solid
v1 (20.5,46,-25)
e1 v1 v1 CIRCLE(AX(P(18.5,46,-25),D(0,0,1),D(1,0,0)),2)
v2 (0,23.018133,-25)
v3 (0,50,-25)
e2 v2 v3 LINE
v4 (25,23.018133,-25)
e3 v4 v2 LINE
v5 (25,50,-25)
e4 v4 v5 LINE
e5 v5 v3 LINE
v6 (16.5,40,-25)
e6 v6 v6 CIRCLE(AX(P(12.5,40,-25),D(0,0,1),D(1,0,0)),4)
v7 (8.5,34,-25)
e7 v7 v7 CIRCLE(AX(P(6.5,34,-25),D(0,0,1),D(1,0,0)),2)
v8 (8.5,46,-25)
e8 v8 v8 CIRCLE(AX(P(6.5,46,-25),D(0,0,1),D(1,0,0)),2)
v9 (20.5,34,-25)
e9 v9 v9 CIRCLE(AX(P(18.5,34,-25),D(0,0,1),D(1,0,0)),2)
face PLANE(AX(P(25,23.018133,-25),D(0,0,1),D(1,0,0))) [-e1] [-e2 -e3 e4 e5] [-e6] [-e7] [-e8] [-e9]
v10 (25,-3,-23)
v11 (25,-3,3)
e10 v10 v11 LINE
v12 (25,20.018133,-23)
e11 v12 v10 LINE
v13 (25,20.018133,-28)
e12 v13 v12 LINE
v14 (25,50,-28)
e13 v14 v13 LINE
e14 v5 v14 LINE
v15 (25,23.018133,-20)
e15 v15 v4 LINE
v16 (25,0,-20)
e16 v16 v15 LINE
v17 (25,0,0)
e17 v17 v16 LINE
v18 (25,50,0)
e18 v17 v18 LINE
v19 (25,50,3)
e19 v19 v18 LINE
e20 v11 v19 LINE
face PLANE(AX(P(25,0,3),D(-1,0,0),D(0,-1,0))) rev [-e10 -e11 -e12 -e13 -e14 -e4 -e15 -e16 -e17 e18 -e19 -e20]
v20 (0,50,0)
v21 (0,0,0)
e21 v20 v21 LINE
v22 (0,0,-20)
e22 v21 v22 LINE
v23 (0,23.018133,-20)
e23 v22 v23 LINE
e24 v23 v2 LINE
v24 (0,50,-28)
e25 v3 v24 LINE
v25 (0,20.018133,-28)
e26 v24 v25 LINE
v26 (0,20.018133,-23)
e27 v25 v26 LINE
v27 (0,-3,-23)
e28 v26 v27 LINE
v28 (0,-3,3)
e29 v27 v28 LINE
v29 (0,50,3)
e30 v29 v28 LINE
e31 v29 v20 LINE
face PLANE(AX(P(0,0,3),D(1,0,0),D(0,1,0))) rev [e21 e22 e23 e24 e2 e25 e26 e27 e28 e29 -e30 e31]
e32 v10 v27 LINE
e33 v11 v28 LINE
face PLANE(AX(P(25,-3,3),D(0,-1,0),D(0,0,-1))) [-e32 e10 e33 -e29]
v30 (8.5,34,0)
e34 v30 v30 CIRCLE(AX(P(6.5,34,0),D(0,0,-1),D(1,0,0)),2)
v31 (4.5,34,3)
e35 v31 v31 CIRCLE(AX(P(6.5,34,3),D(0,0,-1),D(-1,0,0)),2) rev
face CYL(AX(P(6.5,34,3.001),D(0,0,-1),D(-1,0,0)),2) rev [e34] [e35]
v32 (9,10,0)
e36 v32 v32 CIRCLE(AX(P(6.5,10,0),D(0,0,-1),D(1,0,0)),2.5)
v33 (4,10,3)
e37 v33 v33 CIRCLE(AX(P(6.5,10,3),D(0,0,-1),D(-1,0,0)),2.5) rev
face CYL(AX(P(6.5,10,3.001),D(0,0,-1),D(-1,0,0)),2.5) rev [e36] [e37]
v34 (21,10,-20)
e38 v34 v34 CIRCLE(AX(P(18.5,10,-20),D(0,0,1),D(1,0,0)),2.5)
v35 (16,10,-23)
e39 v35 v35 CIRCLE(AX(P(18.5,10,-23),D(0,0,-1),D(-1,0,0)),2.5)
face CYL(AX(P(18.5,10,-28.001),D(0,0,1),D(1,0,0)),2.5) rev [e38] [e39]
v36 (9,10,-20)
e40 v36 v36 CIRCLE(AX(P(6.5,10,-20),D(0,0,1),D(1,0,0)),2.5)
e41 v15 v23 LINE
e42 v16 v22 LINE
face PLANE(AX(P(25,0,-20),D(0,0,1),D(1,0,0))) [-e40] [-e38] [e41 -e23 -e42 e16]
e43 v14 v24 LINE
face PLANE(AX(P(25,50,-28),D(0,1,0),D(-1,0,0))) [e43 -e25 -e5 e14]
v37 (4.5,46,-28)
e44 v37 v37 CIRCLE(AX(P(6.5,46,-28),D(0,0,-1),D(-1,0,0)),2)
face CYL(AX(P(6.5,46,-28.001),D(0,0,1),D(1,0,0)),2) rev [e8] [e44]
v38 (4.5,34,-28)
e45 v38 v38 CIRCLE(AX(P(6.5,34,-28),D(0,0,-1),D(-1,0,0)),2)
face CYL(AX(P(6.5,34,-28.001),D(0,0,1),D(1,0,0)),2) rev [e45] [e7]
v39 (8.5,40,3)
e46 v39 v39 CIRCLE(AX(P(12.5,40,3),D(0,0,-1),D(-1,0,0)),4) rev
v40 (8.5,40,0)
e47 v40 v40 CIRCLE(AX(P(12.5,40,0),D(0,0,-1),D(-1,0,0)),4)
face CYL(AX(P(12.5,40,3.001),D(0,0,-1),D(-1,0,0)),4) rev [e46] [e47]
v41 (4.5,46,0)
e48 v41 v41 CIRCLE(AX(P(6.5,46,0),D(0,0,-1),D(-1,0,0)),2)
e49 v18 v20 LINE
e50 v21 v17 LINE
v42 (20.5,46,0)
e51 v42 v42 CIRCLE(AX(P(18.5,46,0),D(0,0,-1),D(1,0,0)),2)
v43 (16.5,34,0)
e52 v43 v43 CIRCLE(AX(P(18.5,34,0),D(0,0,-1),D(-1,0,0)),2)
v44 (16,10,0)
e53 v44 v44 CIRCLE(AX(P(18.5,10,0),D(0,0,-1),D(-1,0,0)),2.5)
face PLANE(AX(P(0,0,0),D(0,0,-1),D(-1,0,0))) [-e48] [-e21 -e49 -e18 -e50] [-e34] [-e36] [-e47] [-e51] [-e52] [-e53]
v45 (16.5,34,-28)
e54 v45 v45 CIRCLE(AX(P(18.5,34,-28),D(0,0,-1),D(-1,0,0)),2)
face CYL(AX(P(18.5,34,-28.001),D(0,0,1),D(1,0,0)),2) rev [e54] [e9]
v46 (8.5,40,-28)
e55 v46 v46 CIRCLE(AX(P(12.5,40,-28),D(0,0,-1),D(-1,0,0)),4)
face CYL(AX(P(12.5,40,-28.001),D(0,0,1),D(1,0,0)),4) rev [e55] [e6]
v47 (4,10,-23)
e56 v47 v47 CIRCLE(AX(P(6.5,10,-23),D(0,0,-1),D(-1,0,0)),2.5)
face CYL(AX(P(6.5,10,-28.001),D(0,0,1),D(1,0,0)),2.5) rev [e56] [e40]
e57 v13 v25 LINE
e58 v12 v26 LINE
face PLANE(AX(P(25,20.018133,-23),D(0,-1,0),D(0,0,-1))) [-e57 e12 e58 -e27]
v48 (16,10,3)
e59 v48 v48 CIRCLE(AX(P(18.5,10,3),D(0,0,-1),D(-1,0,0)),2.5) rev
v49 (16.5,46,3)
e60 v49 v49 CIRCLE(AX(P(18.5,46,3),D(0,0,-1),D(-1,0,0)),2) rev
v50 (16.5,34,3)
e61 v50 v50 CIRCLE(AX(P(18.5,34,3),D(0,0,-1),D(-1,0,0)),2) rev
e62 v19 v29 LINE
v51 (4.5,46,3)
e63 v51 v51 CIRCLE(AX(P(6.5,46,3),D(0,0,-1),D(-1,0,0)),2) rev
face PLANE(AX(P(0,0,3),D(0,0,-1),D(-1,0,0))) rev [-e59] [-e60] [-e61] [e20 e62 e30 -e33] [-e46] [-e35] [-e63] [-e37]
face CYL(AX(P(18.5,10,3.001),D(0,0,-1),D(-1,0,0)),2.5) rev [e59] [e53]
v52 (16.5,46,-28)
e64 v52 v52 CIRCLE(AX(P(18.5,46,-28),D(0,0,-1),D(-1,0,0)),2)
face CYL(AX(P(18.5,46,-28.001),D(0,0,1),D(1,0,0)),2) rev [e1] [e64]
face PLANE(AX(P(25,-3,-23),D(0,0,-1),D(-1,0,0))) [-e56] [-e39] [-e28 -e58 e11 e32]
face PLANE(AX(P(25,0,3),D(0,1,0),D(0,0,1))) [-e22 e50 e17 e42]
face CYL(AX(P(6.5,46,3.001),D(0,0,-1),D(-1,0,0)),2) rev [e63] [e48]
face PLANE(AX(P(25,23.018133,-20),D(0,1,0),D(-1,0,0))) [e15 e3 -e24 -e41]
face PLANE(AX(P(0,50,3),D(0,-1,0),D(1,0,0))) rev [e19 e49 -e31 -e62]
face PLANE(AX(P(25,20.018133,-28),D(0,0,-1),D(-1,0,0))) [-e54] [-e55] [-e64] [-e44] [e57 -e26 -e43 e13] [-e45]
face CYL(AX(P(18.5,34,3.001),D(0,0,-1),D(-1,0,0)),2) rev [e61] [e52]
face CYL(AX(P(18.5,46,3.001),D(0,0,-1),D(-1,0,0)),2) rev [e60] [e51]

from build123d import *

# Parameters (mm, degrees)
SKETCH_1_W                      = 25
SKETCH_1_H                      = 50
EXTRUDE_1_DEPTH                 = 3
EXTRUDE_2_DEPTH                 = 25
CUT_EXTRUDE_1_REACH             = 5
SKETCH_2_R                      = 2.5
SKETCH_2_R_2                    = 4
SKETCH_2_R_3                    = 2
CUT_EXTRUDE_1_DIRECTION_2_REACH = 30


with BuildPart() as part:
    # 草图1 → 凸台-拉伸1 (new body)
    with BuildSketch(Plane.XY):
        with Locations((12.5, 25)):
            Rectangle(SKETCH_1_W, SKETCH_1_H)
    extrude(amount=EXTRUDE_1_DEPTH)

    # 草图4 → 凸台-拉伸2 (add)
    with BuildSketch(Plane.ZY):
        Polygon((-23, -3), (-23, 20.018133071), (-28, 20.018133071), (-28, 50), (-25, 50), (-25, 23.018133071), (-20, 23.018133071), (-20, 0), (3, 0), (3, -3), align=None)
    extrude(amount=-EXTRUDE_2_DEPTH)

    # 草图2 → 切除-拉伸1 (cut, up to next)
    with BuildSketch(Plane(origin=(0, 0, 0), x_dir=(-1, 0, 0), z_dir=(0, 0, -1)), mode=Mode.PRIVATE) as cut_extrude_1_sk1:
        with Locations((-18.5, 10)):
            Circle(SKETCH_2_R)
    cut_extrude_1_tool1 = extrude(cut_extrude_1_sk1.sketch, amount=-CUT_EXTRUDE_1_REACH, mode=Mode.PRIVATE) & part.part
    add(cut_extrude_1_tool1.solids().sort_by_distance((18.5, 10, 0))[0], mode=Mode.SUBTRACT)
    # 草图2 → 切除-拉伸1 (cut, up to next)
    with BuildSketch(Plane(origin=(0, 0, 0), x_dir=(-1, 0, 0), z_dir=(0, 0, -1)), mode=Mode.PRIVATE) as cut_extrude_1_sk2:
        with Locations((-6.5, 10)):
            Circle(SKETCH_2_R)
    cut_extrude_1_tool2 = extrude(cut_extrude_1_sk2.sketch, amount=-CUT_EXTRUDE_1_REACH, mode=Mode.PRIVATE) & part.part
    add(cut_extrude_1_tool2.solids().sort_by_distance((6.5, 10, 0))[0], mode=Mode.SUBTRACT)
    # 草图2 → 切除-拉伸1 (cut, up to next)
    with BuildSketch(Plane(origin=(0, 0, 0), x_dir=(-1, 0, 0), z_dir=(0, 0, -1)), mode=Mode.PRIVATE) as cut_extrude_1_sk3:
        with Locations((-12.5, 40)):
            Circle(SKETCH_2_R_2)
    cut_extrude_1_tool3 = extrude(cut_extrude_1_sk3.sketch, amount=-CUT_EXTRUDE_1_REACH, mode=Mode.PRIVATE) & part.part
    add(cut_extrude_1_tool3.solids().sort_by_distance((12.5, 40, 0))[0], mode=Mode.SUBTRACT)
    # 草图2 → 切除-拉伸1 (cut, up to next)
    with BuildSketch(Plane(origin=(0, 0, 0), x_dir=(-1, 0, 0), z_dir=(0, 0, -1)), mode=Mode.PRIVATE) as cut_extrude_1_sk4:
        with Locations((-6.5, 46)):
            Circle(SKETCH_2_R_3)
    cut_extrude_1_tool4 = extrude(cut_extrude_1_sk4.sketch, amount=-CUT_EXTRUDE_1_REACH, mode=Mode.PRIVATE) & part.part
    add(cut_extrude_1_tool4.solids().sort_by_distance((6.5, 46, 0))[0], mode=Mode.SUBTRACT)
    # 草图2 → 切除-拉伸1 (cut, up to next)
    with BuildSketch(Plane(origin=(0, 0, 0), x_dir=(-1, 0, 0), z_dir=(0, 0, -1)), mode=Mode.PRIVATE) as cut_extrude_1_sk5:
        with Locations((-6.5, 34)):
            Circle(SKETCH_2_R_3)
    cut_extrude_1_tool5 = extrude(cut_extrude_1_sk5.sketch, amount=-CUT_EXTRUDE_1_REACH, mode=Mode.PRIVATE) & part.part
    add(cut_extrude_1_tool5.solids().sort_by_distance((6.5, 34, 0))[0], mode=Mode.SUBTRACT)
    # 草图2 → 切除-拉伸1 (cut, up to next)
    with BuildSketch(Plane(origin=(0, 0, 0), x_dir=(-1, 0, 0), z_dir=(0, 0, -1)), mode=Mode.PRIVATE) as cut_extrude_1_sk6:
        with Locations((-18.5, 34)):
            Circle(SKETCH_2_R_3)
    cut_extrude_1_tool6 = extrude(cut_extrude_1_sk6.sketch, amount=-CUT_EXTRUDE_1_REACH, mode=Mode.PRIVATE) & part.part
    add(cut_extrude_1_tool6.solids().sort_by_distance((18.5, 34, 0))[0], mode=Mode.SUBTRACT)
    # 草图2 → 切除-拉伸1 (cut, up to next)
    with BuildSketch(Plane(origin=(0, 0, 0), x_dir=(-1, 0, 0), z_dir=(0, 0, -1)), mode=Mode.PRIVATE) as cut_extrude_1_sk7:
        with Locations((-18.5, 46)):
            Circle(SKETCH_2_R_3)
    cut_extrude_1_tool7 = extrude(cut_extrude_1_sk7.sketch, amount=-CUT_EXTRUDE_1_REACH, mode=Mode.PRIVATE) & part.part
    add(cut_extrude_1_tool7.solids().sort_by_distance((18.5, 46, 0))[0], mode=Mode.SUBTRACT)

    # 草图2 → 切除-拉伸1 direction 2 (cut, up to next)
    with BuildSketch(Plane(origin=(0, 0, 0), x_dir=(-1, 0, 0), z_dir=(0, 0, -1)), mode=Mode.PRIVATE) as cut_extrude_1_direction_2_sk1:
        with Locations((-18.5, 10)):
            Circle(SKETCH_2_R)
    cut_extrude_1_direction_2_tool1 = extrude(cut_extrude_1_direction_2_sk1.sketch, amount=CUT_EXTRUDE_1_DIRECTION_2_REACH, mode=Mode.PRIVATE) & part.part
    add(cut_extrude_1_direction_2_tool1.solids().sort_by_distance((18.5, 10, 0))[0], mode=Mode.SUBTRACT)
    # 草图2 → 切除-拉伸1 direction 2 (cut, up to next)
    with BuildSketch(Plane(origin=(0, 0, 0), x_dir=(-1, 0, 0), z_dir=(0, 0, -1)), mode=Mode.PRIVATE) as cut_extrude_1_direction_2_sk2:
        with Locations((-6.5, 10)):
            Circle(SKETCH_2_R)
    cut_extrude_1_direction_2_tool2 = extrude(cut_extrude_1_direction_2_sk2.sketch, amount=CUT_EXTRUDE_1_DIRECTION_2_REACH, mode=Mode.PRIVATE) & part.part
    add(cut_extrude_1_direction_2_tool2.solids().sort_by_distance((6.5, 10, 0))[0], mode=Mode.SUBTRACT)
    # 草图2 → 切除-拉伸1 direction 2 (cut, up to next)
    with BuildSketch(Plane(origin=(0, 0, 0), x_dir=(-1, 0, 0), z_dir=(0, 0, -1)), mode=Mode.PRIVATE) as cut_extrude_1_direction_2_sk3:
        with Locations((-12.5, 40)):
            Circle(SKETCH_2_R_2)
    cut_extrude_1_direction_2_tool3 = extrude(cut_extrude_1_direction_2_sk3.sketch, amount=CUT_EXTRUDE_1_DIRECTION_2_REACH, mode=Mode.PRIVATE) & part.part
    add(cut_extrude_1_direction_2_tool3.solids().sort_by_distance((12.5, 40, 0))[0], mode=Mode.SUBTRACT)
    # 草图2 → 切除-拉伸1 direction 2 (cut, up to next)
    with BuildSketch(Plane(origin=(0, 0, 0), x_dir=(-1, 0, 0), z_dir=(0, 0, -1)), mode=Mode.PRIVATE) as cut_extrude_1_direction_2_sk4:
        with Locations((-6.5, 46)):
            Circle(SKETCH_2_R_3)
    cut_extrude_1_direction_2_tool4 = extrude(cut_extrude_1_direction_2_sk4.sketch, amount=CUT_EXTRUDE_1_DIRECTION_2_REACH, mode=Mode.PRIVATE) & part.part
    add(cut_extrude_1_direction_2_tool4.solids().sort_by_distance((6.5, 46, 0))[0], mode=Mode.SUBTRACT)
    # 草图2 → 切除-拉伸1 direction 2 (cut, up to next)
    with BuildSketch(Plane(origin=(0, 0, 0), x_dir=(-1, 0, 0), z_dir=(0, 0, -1)), mode=Mode.PRIVATE) as cut_extrude_1_direction_2_sk5:
        with Locations((-6.5, 34)):
            Circle(SKETCH_2_R_3)
    cut_extrude_1_direction_2_tool5 = extrude(cut_extrude_1_direction_2_sk5.sketch, amount=CUT_EXTRUDE_1_DIRECTION_2_REACH, mode=Mode.PRIVATE) & part.part
    add(cut_extrude_1_direction_2_tool5.solids().sort_by_distance((6.5, 34, 0))[0], mode=Mode.SUBTRACT)
    # 草图2 → 切除-拉伸1 direction 2 (cut, up to next)
    with BuildSketch(Plane(origin=(0, 0, 0), x_dir=(-1, 0, 0), z_dir=(0, 0, -1)), mode=Mode.PRIVATE) as cut_extrude_1_direction_2_sk6:
        with Locations((-18.5, 34)):
            Circle(SKETCH_2_R_3)
    cut_extrude_1_direction_2_tool6 = extrude(cut_extrude_1_direction_2_sk6.sketch, amount=CUT_EXTRUDE_1_DIRECTION_2_REACH, mode=Mode.PRIVATE) & part.part
    add(cut_extrude_1_direction_2_tool6.solids().sort_by_distance((18.5, 34, 0))[0], mode=Mode.SUBTRACT)
    # 草图2 → 切除-拉伸1 direction 2 (cut, up to next)
    with BuildSketch(Plane(origin=(0, 0, 0), x_dir=(-1, 0, 0), z_dir=(0, 0, -1)), mode=Mode.PRIVATE) as cut_extrude_1_direction_2_sk7:
        with Locations((-18.5, 46)):
            Circle(SKETCH_2_R_3)
    cut_extrude_1_direction_2_tool7 = extrude(cut_extrude_1_direction_2_sk7.sketch, amount=CUT_EXTRUDE_1_DIRECTION_2_REACH, mode=Mode.PRIVATE) & part.part
    add(cut_extrude_1_direction_2_tool7.solids().sort_by_distance((18.5, 46, 0))[0], mode=Mode.SUBTRACT)


solid = part.part
